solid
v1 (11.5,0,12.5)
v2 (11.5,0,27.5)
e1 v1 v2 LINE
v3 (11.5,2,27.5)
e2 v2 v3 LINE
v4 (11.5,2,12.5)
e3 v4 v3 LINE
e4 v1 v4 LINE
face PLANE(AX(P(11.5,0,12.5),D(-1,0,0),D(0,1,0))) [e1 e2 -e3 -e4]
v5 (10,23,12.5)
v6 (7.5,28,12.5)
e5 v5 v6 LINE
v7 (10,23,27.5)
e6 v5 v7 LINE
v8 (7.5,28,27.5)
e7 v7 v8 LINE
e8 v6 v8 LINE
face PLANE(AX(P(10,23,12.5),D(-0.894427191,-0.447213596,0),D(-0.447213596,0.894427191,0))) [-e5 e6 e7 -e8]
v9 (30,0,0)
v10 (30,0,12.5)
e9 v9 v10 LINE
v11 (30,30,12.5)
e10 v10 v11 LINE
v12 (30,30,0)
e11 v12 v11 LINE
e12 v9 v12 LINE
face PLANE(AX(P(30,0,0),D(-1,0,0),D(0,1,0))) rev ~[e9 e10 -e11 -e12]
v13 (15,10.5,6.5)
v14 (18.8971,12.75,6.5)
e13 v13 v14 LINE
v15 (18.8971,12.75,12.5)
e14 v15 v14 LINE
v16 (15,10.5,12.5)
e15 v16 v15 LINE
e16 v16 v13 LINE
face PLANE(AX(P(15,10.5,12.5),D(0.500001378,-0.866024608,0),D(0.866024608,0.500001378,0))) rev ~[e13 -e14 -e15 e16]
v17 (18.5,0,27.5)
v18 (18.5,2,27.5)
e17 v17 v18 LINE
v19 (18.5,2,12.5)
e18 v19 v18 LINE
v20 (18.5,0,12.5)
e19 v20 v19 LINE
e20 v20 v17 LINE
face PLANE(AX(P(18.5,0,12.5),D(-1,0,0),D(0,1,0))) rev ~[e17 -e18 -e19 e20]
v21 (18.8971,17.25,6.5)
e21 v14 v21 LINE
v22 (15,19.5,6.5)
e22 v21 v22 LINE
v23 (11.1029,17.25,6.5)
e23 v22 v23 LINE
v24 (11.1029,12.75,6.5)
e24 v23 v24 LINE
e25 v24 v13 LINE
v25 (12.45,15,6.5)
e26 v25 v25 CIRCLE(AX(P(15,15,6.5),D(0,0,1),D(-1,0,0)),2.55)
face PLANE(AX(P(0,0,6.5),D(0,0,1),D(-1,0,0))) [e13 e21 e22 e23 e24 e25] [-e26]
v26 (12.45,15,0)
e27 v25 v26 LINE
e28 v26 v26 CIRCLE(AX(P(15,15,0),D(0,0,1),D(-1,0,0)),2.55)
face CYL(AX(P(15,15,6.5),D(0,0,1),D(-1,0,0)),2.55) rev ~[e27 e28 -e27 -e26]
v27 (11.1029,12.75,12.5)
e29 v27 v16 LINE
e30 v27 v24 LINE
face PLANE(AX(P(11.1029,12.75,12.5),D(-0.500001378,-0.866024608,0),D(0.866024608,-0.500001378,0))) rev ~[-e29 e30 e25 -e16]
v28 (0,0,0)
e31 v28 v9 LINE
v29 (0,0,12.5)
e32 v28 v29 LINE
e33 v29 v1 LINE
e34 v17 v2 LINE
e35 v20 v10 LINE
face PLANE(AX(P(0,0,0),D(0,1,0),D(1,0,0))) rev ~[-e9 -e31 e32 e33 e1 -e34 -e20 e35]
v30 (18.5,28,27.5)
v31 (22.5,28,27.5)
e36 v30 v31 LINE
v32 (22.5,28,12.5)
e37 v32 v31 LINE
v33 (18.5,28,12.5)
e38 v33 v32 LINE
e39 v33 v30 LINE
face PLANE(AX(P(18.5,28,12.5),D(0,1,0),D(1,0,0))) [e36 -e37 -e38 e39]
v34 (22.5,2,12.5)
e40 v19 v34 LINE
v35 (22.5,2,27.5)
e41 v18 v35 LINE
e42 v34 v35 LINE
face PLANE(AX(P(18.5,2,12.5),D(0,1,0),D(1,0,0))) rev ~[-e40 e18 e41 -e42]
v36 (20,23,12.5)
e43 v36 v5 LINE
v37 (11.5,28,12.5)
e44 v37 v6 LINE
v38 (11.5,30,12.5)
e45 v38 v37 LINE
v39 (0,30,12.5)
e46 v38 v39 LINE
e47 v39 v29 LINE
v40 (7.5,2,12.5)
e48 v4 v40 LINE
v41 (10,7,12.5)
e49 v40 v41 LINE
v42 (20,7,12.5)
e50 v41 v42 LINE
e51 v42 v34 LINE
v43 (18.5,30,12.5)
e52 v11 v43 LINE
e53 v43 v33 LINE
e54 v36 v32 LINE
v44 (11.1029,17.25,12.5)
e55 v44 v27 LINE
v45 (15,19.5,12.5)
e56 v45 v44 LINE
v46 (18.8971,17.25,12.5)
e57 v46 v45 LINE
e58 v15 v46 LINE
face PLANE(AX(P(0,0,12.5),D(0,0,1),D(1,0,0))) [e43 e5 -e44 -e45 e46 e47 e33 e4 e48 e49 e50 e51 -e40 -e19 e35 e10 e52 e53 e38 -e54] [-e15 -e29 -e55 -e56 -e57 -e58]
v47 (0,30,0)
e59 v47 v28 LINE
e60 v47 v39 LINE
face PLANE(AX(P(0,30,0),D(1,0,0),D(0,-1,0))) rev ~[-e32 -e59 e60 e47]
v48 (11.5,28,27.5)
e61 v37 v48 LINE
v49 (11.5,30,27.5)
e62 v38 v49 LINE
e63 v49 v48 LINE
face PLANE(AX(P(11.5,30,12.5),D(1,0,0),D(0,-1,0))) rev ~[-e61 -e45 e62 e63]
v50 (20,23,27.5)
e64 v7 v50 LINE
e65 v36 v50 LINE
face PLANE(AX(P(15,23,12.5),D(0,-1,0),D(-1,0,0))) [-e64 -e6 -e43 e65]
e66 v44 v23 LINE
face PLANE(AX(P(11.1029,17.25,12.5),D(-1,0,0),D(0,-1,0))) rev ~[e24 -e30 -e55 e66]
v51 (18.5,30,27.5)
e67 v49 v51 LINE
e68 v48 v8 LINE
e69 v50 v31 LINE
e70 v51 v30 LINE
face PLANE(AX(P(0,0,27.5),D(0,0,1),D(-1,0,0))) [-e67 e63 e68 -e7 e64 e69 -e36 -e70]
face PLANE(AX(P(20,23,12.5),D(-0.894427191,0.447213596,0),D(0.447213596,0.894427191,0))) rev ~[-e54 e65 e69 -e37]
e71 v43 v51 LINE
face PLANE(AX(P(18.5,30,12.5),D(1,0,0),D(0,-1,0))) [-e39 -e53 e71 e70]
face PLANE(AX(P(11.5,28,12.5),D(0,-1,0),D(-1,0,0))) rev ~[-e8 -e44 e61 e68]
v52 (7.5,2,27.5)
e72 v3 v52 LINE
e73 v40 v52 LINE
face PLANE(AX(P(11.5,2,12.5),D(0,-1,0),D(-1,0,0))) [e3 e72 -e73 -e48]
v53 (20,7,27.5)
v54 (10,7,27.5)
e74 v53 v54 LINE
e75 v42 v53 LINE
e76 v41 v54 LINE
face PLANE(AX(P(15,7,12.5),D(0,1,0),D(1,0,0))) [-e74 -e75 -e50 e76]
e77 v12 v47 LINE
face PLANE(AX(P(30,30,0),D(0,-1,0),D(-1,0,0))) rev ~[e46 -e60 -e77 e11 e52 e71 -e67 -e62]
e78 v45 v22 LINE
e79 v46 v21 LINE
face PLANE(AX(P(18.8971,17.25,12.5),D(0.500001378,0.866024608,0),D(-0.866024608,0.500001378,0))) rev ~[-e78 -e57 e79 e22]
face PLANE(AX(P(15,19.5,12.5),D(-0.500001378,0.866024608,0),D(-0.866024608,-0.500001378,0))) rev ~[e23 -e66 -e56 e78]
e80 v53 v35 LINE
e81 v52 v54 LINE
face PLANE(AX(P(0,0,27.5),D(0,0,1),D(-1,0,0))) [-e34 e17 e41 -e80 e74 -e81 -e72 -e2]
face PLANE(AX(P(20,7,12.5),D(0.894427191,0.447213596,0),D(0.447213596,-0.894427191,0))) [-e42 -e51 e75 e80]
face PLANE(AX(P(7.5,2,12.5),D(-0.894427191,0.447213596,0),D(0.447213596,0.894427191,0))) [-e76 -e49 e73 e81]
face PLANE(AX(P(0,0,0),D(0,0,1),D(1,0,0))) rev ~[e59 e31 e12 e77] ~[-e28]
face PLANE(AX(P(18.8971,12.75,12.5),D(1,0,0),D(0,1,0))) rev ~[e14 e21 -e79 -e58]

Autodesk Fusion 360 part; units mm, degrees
sketch "Sketch1" plane through (0, 0, 0) normal (0, 0, 1) x (1, 0, 0)
  line L0 (0, 0) -> (30, 0)
  line L1 (30, 0) -> (30, 30)
  line L2 (30, 30) -> (0, 30)
  line L3 (0, 30) -> (0, 0)
  dimension "d1" = 30
  dimension "d2" = 30
extrude "Extrude1" add sketch "Sketch1" along normal blind 12.5
sketch "Sketch2" plane through (0, 0, 12.5) normal (0, 0, 1) x (-1, 0, 0)
  line L0 (0, -30) -> (0, 0)
  line L1 (0, 0) -> (-30, 0)
  line L2 (-30, 0) -> (-30, -30)
  line L3 (-30, -30) -> (0, -30)
  line L4 (-15, -30) -> (-11.5, -30)
  line L5 (-15, -30) -> (-18.5, -30)
  line L6 (-18.5, -30) -> (-18.5, -28)
  line L7 (-11.5, -30) -> (-11.5, -28)
  line L8 (-15, -28) -> (-22.5, -28)
  line L9 (-15, -28) -> (-7.5, -28)
  line L10 (-15, -30) -> (-15, -23)
  line L11 (-15, -23) -> (-10, -23)
  line L12 (-15, -23) -> (-20, -23)
  line L13 (-10, -23) -> (-7.5, -28)
  line L14 (-20, -23) -> (-22.5, -28)
  dimension "d5" = 3.5
  dimension "d6" = 3.5
  dimension "d7" = 7.5
  dimension "d8" = 7.5
  dimension "d9" = 7
  dimension "d10" = 5
  dimension "d11" = 5
extrude "Extrude2" add sketch "Sketch2" along normal blind 15 contours L3 L4 L7 L9 L10 | L3 L5 L6 L8 L10 | L9 L10 L11 L13 | L8 L10 L12 L14
sketch "Sketch3" plane through (0, 0, 12.5) normal (0, 0, 1) x (-1, 0, 0)
  line L0 (-18.5, -30) -> (-18.5, -28)
  line L1 (-18.5, -28) -> (-22.5, -28)
  line L2 (-22.5, -28) -> (-20, -23)
  line L3 (-20, -23) -> (-10, -23)
  line L4 (-10, -23) -> (-7.5, -28)
  line L5 (-7.5, -28) -> (-11.5, -28)
  line L6 (-11.5, -28) -> (-11.5, -30)
  line L7 (-11.5, -30) -> (0, -30)
  line L8 (0, -30) -> (0, 0)
  line L9 (0, 0) -> (-30, 0)
  line L10 (-30, 0) -> (-30, -30)
  line L11 (-30, -30) -> (-18.5, -30)
  line L12 (-11.5, 0) -> (-11.5, -2)
  line L13 (-18.5, 0) -> (-18.5, -2)
  line L14 (-11.5, -2) -> (-7.5, -2)
  line L15 (-18.5, -2) -> (-22.5, -2)
  line L16 (-15, 0) -> (-15, -7)
  line L17 (-15, -7) -> (-20, -7)
  line L18 (-20, -7) -> (-22.5, -2)
  line L19 (-15, -7) -> (-10, -7)
  line L20 (-7.5, -2) -> (-10, -7)
  dimension "d15" = 4
  dimension "d16" = 4
  dimension "d17" = 7
  dimension "d18" = 5
extrude "Extrude3" add sketch "Sketch3" along normal blind 15 contours L9 L13 L15 L16 L17 L18 | L9 L12 L14 L16 L19 L20
sketch "Sketch4" plane through (0, 0, 12.5) normal (0, 0, 1) x (-1, 0, 0)
  line L0 (-18.5, -2) -> (-18.5, 0)
  line L1 (-18.5, 0) -> (-30, 0)
  line L2 (-30, 0) -> (-30, -30)
  line L3 (-30, -30) -> (-18.5, -30)
  line L4 (-18.5, -30) -> (-18.5, -28)
  line L5 (-18.5, -28) -> (-22.5, -28)
  line L6 (-22.5, -28) -> (-20, -23)
  line L7 (-20, -23) -> (-10, -23)
  line L8 (-10, -23) -> (-7.5, -28)
  line L9 (-7.5, -28) -> (-11.5, -28)
  line L10 (-11.5, -28) -> (-11.5, -30)
  line L11 (-11.5, -30) -> (0, -30)
  line L12 (0, -30) -> (0, 0)
  line L13 (0, 0) -> (-11.5, 0)
  line L14 (-11.5, 0) -> (-11.5, -2)
  line L15 (-11.5, -2) -> (-7.5, -2)
  line L16 (-7.5, -2) -> (-10, -7)
  line L17 (-10, -7) -> (-20, -7)
  line L18 (-20, -7) -> (-22.5, -2)
  line L19 (-22.5, -2) -> (-18.5, -2)
  line L20 (-15, -10.5) -> (-18.8971, -12.75)
  line L21 (-18.8971, -12.75) -> (-18.8971, -17.25)
  line L22 (-18.8971, -17.25) -> (-15, -19.5)
  line L23 (-15, -19.5) -> (-11.1029, -17.25)
  line L24 (-11.1029, -17.25) -> (-11.1029, -12.75)
  line L25 (-11.1029, -12.75) -> (-15, -10.5)
  point P0 (-15, -15)
  dimension "d21" = 4.5
extrude "Extrude4" cut sketch "Sketch4" against normal blind 6 contours L20 L21 L22 L23 L24 L25
sketch "Sketch5" plane through (0, 0, 6.5) normal (0, 0, 1) x (-1, 0, 0)
  line L0 (-11.1029, -12.75) -> (-15, -10.5)
  line L1 (-15, -10.5) -> (-18.8971, -12.75)
  line L2 (-18.8971, -12.75) -> (-18.8971, -17.25)
  line L3 (-18.8971, -17.25) -> (-15, -19.5)
  line L4 (-15, -19.5) -> (-11.1029, -17.25)
  line L5 (-11.1029, -17.25) -> (-11.1029, -12.75)
  circle A0 centre (-15, -15) radius 2.55
  dimension "d24" = 5.1
extrude "Extrude5" cut sketch "Sketch5" against normal blind 50 contours A0
equation "d7 = ( 15 / 2 ) * 1 mm"
equation "d21 = ( 9 / 2 ) * 1 mm"
